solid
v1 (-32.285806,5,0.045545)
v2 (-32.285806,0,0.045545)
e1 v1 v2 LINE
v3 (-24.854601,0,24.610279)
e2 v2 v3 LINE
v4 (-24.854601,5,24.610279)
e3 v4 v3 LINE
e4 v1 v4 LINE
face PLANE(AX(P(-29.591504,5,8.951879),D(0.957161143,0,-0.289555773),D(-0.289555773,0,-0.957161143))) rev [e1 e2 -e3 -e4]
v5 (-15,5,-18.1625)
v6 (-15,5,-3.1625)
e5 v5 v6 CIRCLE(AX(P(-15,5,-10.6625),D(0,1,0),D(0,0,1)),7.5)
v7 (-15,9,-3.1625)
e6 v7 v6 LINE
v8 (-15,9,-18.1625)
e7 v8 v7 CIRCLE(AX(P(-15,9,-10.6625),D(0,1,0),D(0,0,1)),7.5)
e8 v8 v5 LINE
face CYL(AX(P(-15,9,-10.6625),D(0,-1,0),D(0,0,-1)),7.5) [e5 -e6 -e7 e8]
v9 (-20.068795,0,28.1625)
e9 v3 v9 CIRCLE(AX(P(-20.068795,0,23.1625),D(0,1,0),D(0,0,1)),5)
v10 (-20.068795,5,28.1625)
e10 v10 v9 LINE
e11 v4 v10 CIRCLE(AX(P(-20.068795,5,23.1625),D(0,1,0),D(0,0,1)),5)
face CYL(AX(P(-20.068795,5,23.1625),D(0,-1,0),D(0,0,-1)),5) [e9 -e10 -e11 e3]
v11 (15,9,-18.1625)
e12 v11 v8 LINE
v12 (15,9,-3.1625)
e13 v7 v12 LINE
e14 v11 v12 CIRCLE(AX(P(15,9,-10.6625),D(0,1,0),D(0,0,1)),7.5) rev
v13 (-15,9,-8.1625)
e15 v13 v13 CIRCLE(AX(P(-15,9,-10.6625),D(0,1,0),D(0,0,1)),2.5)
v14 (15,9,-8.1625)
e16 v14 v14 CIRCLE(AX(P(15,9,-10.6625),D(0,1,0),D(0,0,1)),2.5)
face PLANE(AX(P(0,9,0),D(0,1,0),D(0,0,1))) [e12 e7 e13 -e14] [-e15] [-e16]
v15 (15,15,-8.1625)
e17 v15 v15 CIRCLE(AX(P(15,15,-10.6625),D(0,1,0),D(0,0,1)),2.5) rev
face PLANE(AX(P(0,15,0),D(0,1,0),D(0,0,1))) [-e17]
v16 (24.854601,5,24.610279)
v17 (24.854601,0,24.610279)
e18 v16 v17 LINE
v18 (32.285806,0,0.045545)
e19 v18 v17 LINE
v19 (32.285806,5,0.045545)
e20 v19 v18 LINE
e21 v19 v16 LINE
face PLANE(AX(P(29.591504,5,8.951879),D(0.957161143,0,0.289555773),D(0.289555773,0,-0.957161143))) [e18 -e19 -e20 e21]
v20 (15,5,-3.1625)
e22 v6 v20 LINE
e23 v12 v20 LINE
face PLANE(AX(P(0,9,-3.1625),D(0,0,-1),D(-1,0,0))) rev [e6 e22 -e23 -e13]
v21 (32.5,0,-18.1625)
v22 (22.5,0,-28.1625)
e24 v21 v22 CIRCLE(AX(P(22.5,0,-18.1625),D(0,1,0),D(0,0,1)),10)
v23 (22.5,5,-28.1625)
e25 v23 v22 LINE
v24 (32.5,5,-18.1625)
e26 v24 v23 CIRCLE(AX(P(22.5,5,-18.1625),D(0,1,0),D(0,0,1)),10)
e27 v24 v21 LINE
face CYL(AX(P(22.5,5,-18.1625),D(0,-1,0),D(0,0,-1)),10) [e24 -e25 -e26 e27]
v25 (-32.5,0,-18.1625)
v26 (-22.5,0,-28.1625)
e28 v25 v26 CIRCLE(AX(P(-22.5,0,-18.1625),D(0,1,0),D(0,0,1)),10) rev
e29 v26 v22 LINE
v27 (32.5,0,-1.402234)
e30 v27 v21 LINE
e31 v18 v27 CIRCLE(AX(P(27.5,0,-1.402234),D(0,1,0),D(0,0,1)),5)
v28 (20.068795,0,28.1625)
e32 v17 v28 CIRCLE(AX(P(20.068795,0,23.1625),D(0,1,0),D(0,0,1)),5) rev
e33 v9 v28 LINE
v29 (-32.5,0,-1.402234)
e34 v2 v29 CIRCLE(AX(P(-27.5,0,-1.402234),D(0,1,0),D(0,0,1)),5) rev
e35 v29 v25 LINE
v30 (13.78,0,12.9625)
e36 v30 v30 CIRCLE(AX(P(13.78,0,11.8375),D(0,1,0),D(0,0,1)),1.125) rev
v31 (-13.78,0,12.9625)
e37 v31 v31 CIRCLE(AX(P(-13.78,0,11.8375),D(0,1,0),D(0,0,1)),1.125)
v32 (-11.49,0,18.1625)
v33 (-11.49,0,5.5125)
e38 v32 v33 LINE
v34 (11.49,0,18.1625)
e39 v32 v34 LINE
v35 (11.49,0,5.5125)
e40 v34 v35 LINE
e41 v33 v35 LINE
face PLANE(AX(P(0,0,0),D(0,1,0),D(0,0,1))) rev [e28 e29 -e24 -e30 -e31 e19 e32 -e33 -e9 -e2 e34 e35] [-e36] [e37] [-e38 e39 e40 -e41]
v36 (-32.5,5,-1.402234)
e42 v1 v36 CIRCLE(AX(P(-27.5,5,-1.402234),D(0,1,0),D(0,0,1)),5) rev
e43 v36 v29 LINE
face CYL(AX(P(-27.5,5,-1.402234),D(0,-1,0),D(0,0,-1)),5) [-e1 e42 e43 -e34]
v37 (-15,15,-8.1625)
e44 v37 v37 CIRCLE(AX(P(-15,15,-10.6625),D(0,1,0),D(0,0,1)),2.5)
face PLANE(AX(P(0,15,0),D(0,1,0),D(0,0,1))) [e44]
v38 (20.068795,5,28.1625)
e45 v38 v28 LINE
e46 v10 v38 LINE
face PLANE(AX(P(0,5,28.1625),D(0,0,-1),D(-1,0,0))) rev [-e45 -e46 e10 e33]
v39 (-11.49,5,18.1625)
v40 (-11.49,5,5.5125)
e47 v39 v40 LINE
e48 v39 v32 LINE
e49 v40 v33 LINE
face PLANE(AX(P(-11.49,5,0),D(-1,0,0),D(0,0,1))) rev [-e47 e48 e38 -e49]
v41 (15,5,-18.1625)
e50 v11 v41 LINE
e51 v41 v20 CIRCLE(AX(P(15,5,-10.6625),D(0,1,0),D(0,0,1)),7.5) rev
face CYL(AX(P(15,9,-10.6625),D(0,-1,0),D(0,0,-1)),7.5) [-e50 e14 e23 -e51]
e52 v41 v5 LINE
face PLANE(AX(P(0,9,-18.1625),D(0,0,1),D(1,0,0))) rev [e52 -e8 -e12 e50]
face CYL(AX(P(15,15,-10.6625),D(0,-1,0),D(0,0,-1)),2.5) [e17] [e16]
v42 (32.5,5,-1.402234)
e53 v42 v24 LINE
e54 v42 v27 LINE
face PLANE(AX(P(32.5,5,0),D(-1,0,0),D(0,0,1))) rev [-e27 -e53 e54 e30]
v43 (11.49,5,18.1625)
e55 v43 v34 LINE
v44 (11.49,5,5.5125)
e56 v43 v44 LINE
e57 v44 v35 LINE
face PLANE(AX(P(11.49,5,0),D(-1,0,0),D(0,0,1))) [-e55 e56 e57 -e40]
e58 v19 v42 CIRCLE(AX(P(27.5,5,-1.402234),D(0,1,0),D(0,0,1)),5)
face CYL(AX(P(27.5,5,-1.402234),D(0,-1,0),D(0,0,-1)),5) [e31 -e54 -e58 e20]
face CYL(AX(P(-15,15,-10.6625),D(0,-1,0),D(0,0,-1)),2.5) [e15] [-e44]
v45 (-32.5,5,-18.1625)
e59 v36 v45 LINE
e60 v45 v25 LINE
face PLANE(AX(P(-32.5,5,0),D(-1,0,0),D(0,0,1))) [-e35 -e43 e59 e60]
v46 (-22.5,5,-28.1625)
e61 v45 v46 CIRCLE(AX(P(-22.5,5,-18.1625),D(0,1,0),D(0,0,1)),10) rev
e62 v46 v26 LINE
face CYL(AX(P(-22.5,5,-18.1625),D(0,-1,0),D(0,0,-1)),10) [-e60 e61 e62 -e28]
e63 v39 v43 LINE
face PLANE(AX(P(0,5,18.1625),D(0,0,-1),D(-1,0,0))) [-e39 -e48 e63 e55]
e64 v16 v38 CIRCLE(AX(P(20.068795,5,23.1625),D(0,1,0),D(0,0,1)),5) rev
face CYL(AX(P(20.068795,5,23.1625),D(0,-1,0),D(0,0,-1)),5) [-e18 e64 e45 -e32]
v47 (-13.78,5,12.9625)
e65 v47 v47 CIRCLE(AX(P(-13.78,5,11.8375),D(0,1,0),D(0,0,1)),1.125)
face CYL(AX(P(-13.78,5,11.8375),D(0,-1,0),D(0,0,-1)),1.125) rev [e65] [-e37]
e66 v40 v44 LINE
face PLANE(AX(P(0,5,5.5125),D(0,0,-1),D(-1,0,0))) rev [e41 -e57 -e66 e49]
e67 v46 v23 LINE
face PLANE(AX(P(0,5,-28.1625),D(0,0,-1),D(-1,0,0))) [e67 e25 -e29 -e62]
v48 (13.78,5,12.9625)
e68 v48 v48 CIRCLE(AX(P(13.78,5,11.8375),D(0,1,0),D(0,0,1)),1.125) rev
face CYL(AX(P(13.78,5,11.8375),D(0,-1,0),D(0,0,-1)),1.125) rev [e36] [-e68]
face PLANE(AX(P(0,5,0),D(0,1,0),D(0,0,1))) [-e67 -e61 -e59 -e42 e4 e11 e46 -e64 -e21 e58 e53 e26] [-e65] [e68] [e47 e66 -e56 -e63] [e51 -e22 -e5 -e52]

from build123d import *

# Parameters (mm, degrees)
SKETCH1_R           = 1.125
SKETCH1_W           = 22.98
SKETCH1_H           = 12.65
BOSS_EXTRUDE1_DEPTH = 5
SKETCH1_3_R         = 2.5
BOSS_EXTRUDE2_DEPTH = 9
SKETCH1_4_R         = 2.5
BOSS_EXTRUDE3_DEPTH = 15


with BuildPart() as part:
    # Sketch1 → Boss-Extrude1 (new body)
    with BuildSketch(Plane(origin=(0, 0, 0), x_dir=(1, 0, 0), z_dir=(0, 1, 0))):
        with BuildLine():
            Line((-32.5, 18.1625), (-32.5, 1.402234115))
            ThreePointArc((-32.5, 1.402234115), (-32.446161571, 0.670465224), (-32.285805716, -0.045544752))
            Line((-32.285805716, -0.045544752), (-24.854600808, -24.610278867))
            ThreePointArc((-24.854600808, -24.610278867), (-23.048820734, -27.177403133), (-20.068795092, -28.1625))
            Line((-20.068795092, -28.1625), (20.068795092, -28.1625))
            ThreePointArc((20.068795092, -28.1625), (23.048820734, -27.177403133), (24.854600808, -24.610278867))
            Line((24.854600808, -24.610278867), (32.285805716, -0.045544752))
            ThreePointArc((32.285805716, -0.045544752), (32.446161571, 0.670465224), (32.5, 1.402234115))
            Line((32.5, 1.402234115), (32.5, 18.1625))
            ThreePointArc((32.5, 18.1625), (29.571067812, 25.233567812), (22.5, 28.1625))
            Line((22.5, 28.1625), (-22.5, 28.1625))
            ThreePointArc((-22.5, 28.1625), (-29.571067812, 25.233567812), (-32.5, 18.1625))
        make_face()
        with Locations((-13.78, -11.8375)):
            Circle(SKETCH1_R, mode=Mode.SUBTRACT)
        with Locations((0, -11.8375)):
            Rectangle(SKETCH1_W, SKETCH1_H, mode=Mode.SUBTRACT)
        with Locations((13.78, -11.8375)):
            Circle(SKETCH1_R, mode=Mode.SUBTRACT)
        with BuildLine():
            Line((-15, 18.1625), (15, 18.1625))
            ThreePointArc((15, 18.1625), (22.5, 10.6625), (15, 3.1625))
            Line((15, 3.1625), (-15, 3.1625))
            ThreePointArc((-15, 3.1625), (-22.5, 10.6625), (-15, 18.1625))
        make_face(mode=Mode.SUBTRACT)
    extrude(amount=BOSS_EXTRUDE1_DEPTH)

    # Sketch1<3> → Boss-Extrude2 (add)
    with BuildSketch(Plane(origin=(0, 0, 0), x_dir=(1, 0, 0), z_dir=(0, 1, 0))):
        with BuildLine():
            ThreePointArc((15, 3.1625), (22.5, 10.6625), (15, 18.1625))
            Line((15, 18.1625), (-15, 18.1625))
            ThreePointArc((-15, 18.1625), (-22.5, 10.6625), (-15, 3.1625))
            Line((-15, 3.1625), (15, 3.1625))
        make_face()
        with Locations((-15, 10.6625)):
            Circle(SKETCH1_3_R, mode=Mode.SUBTRACT)
        with Locations((15, 10.6625)):
            Circle(SKETCH1_3_R, mode=Mode.SUBTRACT)
    extrude(amount=BOSS_EXTRUDE2_DEPTH)

    # Sketch1<4> → Boss-Extrude3 (add)
    with BuildSketch(Plane(origin=(0, 0, 0), x_dir=(1, 0, 0), z_dir=(0, 1, 0))):
        with Locations((-15, 10.6625)):
            Circle(SKETCH1_4_R)
        with Locations((15, 10.6625)):
            Circle(SKETCH1_4_R)
    extrude(amount=BOSS_EXTRUDE3_DEPTH)


solid = part.part
